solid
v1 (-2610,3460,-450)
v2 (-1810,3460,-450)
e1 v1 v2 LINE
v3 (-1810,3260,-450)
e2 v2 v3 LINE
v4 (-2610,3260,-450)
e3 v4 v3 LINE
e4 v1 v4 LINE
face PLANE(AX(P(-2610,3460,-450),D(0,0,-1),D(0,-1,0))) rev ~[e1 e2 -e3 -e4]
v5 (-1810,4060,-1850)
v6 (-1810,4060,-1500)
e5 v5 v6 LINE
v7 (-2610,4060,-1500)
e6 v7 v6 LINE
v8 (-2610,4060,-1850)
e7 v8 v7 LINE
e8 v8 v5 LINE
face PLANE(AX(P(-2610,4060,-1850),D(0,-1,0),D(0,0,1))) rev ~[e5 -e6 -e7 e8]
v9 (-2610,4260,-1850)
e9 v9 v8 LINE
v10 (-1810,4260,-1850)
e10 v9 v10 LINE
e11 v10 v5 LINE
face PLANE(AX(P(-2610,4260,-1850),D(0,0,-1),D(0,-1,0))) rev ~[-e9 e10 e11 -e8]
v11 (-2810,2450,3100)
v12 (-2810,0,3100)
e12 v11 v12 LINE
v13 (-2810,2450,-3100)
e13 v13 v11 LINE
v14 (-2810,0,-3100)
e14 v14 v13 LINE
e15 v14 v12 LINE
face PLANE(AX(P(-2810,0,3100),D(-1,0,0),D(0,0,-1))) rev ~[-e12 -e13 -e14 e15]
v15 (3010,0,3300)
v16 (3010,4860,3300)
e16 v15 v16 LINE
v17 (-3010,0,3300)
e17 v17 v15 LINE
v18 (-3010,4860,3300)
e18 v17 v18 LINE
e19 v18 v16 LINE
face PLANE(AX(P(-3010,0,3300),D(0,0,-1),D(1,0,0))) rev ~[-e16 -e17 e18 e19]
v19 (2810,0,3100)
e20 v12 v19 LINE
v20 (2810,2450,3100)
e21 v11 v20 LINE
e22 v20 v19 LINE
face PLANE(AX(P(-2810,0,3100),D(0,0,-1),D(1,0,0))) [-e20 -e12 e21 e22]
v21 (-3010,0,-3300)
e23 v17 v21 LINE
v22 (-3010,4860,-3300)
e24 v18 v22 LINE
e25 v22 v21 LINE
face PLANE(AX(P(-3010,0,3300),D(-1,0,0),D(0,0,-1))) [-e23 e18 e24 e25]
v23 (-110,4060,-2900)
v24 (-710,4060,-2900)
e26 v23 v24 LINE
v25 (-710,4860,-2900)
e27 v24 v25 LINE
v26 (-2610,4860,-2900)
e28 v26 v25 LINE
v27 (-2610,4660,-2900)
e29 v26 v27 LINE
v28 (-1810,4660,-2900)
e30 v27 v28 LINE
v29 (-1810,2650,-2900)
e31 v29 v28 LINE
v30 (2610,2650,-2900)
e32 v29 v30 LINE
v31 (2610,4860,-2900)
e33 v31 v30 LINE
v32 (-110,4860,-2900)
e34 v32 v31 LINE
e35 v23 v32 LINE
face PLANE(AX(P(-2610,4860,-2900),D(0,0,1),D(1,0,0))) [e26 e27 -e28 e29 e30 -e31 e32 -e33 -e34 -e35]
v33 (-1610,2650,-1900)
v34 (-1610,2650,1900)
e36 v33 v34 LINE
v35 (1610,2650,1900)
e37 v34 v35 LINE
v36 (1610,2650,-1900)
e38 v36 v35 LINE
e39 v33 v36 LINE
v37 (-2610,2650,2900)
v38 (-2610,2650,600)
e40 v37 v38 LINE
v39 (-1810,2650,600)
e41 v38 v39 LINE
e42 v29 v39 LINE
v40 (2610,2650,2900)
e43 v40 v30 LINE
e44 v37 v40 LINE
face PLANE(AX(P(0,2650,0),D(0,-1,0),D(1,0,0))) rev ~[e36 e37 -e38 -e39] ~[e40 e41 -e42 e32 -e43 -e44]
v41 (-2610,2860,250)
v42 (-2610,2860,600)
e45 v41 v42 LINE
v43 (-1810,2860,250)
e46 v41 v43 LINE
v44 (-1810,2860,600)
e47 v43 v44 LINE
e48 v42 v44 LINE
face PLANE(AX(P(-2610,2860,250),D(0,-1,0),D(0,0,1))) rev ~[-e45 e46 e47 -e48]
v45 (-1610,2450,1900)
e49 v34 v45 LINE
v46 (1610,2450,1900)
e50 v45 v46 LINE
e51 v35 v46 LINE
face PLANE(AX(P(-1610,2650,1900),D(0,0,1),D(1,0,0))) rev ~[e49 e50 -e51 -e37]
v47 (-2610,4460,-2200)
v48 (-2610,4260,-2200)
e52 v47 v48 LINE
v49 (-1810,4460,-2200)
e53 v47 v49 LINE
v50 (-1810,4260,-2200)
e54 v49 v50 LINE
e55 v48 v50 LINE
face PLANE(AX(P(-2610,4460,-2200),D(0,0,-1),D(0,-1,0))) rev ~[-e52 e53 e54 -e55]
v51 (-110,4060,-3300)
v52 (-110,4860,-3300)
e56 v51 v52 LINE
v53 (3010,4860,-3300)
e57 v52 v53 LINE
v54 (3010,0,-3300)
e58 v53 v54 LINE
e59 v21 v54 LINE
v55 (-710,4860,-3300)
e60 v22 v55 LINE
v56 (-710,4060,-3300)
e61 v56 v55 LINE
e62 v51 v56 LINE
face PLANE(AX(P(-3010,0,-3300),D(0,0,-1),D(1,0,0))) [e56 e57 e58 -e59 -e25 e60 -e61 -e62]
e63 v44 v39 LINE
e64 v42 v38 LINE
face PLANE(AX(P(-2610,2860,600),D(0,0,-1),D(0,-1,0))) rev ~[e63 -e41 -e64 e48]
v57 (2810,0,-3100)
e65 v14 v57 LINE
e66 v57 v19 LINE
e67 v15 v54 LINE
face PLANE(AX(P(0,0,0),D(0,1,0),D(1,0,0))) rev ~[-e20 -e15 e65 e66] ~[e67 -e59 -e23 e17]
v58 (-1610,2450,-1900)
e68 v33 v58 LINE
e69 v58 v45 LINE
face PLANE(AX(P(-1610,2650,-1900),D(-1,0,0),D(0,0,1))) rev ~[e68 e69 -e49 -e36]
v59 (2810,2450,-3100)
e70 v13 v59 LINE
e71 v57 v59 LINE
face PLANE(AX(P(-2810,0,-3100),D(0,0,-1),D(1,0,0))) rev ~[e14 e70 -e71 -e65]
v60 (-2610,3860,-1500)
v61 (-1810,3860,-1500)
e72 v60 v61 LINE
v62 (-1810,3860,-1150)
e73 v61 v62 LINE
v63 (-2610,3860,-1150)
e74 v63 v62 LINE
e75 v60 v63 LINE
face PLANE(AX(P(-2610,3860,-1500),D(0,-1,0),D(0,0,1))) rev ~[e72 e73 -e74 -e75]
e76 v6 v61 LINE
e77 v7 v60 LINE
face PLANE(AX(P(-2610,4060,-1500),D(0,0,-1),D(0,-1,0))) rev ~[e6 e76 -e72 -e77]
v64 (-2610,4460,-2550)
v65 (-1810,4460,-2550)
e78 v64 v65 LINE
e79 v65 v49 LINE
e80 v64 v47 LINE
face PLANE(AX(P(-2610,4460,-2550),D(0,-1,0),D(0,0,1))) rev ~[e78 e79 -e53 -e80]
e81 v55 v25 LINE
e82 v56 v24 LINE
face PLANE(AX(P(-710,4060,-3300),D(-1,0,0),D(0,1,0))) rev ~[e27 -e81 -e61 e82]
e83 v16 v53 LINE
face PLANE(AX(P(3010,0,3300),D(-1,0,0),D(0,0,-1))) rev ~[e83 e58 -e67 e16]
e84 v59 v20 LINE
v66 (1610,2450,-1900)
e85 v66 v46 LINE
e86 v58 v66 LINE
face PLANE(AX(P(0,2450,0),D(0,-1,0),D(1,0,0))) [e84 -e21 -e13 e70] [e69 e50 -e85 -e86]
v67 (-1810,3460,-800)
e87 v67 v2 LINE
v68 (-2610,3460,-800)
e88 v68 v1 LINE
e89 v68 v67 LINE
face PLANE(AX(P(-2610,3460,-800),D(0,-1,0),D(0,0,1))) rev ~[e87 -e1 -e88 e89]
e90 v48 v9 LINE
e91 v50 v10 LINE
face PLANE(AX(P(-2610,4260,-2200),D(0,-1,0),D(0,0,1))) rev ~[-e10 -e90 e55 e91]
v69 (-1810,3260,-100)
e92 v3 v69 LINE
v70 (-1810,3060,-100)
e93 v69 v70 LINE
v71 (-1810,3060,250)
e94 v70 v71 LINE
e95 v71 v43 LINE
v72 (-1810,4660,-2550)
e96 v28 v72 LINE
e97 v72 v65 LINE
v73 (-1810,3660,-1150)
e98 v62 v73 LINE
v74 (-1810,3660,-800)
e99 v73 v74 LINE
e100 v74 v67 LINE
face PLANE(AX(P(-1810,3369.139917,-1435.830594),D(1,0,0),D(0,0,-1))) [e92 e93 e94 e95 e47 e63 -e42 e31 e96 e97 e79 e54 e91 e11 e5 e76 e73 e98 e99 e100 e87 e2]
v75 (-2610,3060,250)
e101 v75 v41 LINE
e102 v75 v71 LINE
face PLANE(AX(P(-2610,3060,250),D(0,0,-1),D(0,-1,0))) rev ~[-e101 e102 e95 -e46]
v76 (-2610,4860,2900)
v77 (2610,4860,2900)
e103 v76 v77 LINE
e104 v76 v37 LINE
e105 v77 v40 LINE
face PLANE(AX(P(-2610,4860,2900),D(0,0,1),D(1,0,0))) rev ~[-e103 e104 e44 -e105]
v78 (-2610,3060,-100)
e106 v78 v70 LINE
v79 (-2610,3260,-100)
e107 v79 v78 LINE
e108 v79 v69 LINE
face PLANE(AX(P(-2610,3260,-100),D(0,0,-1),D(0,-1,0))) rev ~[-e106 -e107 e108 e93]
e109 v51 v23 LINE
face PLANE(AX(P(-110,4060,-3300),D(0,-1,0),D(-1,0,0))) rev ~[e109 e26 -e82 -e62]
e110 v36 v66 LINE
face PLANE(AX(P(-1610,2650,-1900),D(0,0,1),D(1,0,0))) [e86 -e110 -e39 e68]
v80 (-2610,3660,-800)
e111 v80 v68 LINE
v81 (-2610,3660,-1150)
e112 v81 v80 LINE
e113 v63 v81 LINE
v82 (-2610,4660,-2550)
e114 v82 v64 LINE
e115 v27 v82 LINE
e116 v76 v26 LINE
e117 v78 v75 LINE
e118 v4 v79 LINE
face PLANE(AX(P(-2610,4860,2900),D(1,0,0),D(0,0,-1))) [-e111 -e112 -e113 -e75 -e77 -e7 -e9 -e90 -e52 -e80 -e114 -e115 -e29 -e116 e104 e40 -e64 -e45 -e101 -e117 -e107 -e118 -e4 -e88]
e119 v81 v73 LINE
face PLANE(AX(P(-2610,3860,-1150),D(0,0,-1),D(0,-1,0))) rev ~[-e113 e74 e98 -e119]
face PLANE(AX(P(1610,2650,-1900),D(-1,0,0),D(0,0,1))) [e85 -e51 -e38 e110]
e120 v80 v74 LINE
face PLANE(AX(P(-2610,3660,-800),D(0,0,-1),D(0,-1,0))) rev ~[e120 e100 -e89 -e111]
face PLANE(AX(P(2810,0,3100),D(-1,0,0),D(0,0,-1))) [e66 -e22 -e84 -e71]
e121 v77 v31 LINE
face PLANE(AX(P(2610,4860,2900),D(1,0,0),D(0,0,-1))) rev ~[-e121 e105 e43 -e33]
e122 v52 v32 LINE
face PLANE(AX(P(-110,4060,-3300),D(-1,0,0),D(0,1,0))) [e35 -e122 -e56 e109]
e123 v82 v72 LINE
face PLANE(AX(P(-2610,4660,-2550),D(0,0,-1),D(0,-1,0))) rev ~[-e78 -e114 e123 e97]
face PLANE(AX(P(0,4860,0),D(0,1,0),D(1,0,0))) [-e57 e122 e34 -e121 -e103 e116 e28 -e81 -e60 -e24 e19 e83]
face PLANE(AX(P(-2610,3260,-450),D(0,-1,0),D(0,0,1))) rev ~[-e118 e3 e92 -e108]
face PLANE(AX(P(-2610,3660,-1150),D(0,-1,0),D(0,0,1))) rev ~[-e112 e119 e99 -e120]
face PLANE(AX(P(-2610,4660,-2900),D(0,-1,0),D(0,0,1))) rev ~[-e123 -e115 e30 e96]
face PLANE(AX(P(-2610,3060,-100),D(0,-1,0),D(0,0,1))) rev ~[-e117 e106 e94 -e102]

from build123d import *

# Parameters (mm, degrees)
CROQUIS1_W              = 6020
CROQUIS1_H              = 6600
CROQUIS1_W_2            = 5620
CROQUIS1_H_2            = 6200
SALIENTE_EXTRUIR1_DEPTH = 4860
CROQUIS2_W              = 6020
CROQUIS2_H              = 6600
SALIENTE_EXTRUIR2_DEPTH = 300
CROQUIS4_W              = 5620
CROQUIS4_H              = 6200
CROQUIS4_W_2            = 5220
CROQUIS4_H_2            = 5800
SALIENTE_EXTRUIR3_DEPTH = 2210
CROQUIS5_W              = 5620
CROQUIS5_H              = 6200
CORTAR_EXTRUIR1_DEPTH   = 300
CROQUIS7_W              = 5620
CROQUIS7_H              = 6200
CROQUIS7_W_2            = 3220
CROQUIS7_H_2            = 3800
SALIENTE_EXTRUIR5_DEPTH = 200
SALIENTE_EXTRUIR6_DEPTH = 800
CROQUIS9_W              = 600
CROQUIS9_H              = 800
CORTAR_EXTRUIR2_DEPTH   = 400


with BuildPart() as part:
    # Croquis1 → Saliente-Extruir1 (new body)
    with BuildSketch(Plane(origin=(0, 0, 0), x_dir=(1, 0, 0), z_dir=(0, 1, 0))):
        Rectangle(CROQUIS1_W, CROQUIS1_H)
        Rectangle(CROQUIS1_W_2, CROQUIS1_H_2, mode=Mode.SUBTRACT)
    extrude(amount=SALIENTE_EXTRUIR1_DEPTH)

    # Croquis2 → Saliente-Extruir2 (add)
    with BuildSketch(Plane.XZ):
        Rectangle(CROQUIS2_W, CROQUIS2_H)
    extrude(amount=-SALIENTE_EXTRUIR2_DEPTH)

    # Croquis4 → Saliente-Extruir3 (add)
    with BuildSketch(Plane(origin=(0, 4860, 0), x_dir=(1, 0, 0), z_dir=(0, 1, 0))):
        Rectangle(CROQUIS4_W, CROQUIS4_H)
        Rectangle(CROQUIS4_W_2, CROQUIS4_H_2, mode=Mode.SUBTRACT)
    extrude(amount=-SALIENTE_EXTRUIR3_DEPTH)

    # Croquis5 → Cortar-Extruir1 (cut)
    with BuildSketch(Plane.XZ):
        Rectangle(CROQUIS5_W, CROQUIS5_H)
    extrude(amount=-CORTAR_EXTRUIR1_DEPTH, mode=Mode.SUBTRACT)

    # Croquis7 → Saliente-Extruir5 (add)
    with BuildSketch(Plane.XZ.offset(-2650)):
        Rectangle(CROQUIS7_W, CROQUIS7_H)
        Rectangle(CROQUIS7_W_2, CROQUIS7_H_2, mode=Mode.SUBTRACT)
    extrude(amount=SALIENTE_EXTRUIR5_DEPTH)

    # Croquis8 → Saliente-Extruir6 (add)
    with BuildSketch(Plane(origin=(-2610, 0, 0), x_dir=(0, 0, -1), z_dir=(1, 0, 0))):
        Polygon((2900, 4660), (2550, 4660), (2550, 4460), (2200, 4460), (2200, 4260), (1850, 4260), (1850, 4060), (1500, 4060), (1500, 3860), (1150, 3860), (1150, 3660), (800, 3660), (800, 3460), (450, 3460), (450, 3260), (100, 3260), (100, 3060), (-250, 3060), (-250, 2860), (-600, 2860), (-600, 2649.927866399), (2900, 2650), align=None)
    extrude(amount=SALIENTE_EXTRUIR6_DEPTH)

    # Croquis9 → Cortar-Extruir2 (cut)
    with BuildSketch(Plane(origin=(0, 0, -3300), x_dir=(-1, 0, 0), z_dir=(0, 0, -1))):
        with Locations((410, 4460)):
            Rectangle(CROQUIS9_W, CROQUIS9_H)
    extrude(amount=-CORTAR_EXTRUIR2_DEPTH, mode=Mode.SUBTRACT)


solid = part.part
